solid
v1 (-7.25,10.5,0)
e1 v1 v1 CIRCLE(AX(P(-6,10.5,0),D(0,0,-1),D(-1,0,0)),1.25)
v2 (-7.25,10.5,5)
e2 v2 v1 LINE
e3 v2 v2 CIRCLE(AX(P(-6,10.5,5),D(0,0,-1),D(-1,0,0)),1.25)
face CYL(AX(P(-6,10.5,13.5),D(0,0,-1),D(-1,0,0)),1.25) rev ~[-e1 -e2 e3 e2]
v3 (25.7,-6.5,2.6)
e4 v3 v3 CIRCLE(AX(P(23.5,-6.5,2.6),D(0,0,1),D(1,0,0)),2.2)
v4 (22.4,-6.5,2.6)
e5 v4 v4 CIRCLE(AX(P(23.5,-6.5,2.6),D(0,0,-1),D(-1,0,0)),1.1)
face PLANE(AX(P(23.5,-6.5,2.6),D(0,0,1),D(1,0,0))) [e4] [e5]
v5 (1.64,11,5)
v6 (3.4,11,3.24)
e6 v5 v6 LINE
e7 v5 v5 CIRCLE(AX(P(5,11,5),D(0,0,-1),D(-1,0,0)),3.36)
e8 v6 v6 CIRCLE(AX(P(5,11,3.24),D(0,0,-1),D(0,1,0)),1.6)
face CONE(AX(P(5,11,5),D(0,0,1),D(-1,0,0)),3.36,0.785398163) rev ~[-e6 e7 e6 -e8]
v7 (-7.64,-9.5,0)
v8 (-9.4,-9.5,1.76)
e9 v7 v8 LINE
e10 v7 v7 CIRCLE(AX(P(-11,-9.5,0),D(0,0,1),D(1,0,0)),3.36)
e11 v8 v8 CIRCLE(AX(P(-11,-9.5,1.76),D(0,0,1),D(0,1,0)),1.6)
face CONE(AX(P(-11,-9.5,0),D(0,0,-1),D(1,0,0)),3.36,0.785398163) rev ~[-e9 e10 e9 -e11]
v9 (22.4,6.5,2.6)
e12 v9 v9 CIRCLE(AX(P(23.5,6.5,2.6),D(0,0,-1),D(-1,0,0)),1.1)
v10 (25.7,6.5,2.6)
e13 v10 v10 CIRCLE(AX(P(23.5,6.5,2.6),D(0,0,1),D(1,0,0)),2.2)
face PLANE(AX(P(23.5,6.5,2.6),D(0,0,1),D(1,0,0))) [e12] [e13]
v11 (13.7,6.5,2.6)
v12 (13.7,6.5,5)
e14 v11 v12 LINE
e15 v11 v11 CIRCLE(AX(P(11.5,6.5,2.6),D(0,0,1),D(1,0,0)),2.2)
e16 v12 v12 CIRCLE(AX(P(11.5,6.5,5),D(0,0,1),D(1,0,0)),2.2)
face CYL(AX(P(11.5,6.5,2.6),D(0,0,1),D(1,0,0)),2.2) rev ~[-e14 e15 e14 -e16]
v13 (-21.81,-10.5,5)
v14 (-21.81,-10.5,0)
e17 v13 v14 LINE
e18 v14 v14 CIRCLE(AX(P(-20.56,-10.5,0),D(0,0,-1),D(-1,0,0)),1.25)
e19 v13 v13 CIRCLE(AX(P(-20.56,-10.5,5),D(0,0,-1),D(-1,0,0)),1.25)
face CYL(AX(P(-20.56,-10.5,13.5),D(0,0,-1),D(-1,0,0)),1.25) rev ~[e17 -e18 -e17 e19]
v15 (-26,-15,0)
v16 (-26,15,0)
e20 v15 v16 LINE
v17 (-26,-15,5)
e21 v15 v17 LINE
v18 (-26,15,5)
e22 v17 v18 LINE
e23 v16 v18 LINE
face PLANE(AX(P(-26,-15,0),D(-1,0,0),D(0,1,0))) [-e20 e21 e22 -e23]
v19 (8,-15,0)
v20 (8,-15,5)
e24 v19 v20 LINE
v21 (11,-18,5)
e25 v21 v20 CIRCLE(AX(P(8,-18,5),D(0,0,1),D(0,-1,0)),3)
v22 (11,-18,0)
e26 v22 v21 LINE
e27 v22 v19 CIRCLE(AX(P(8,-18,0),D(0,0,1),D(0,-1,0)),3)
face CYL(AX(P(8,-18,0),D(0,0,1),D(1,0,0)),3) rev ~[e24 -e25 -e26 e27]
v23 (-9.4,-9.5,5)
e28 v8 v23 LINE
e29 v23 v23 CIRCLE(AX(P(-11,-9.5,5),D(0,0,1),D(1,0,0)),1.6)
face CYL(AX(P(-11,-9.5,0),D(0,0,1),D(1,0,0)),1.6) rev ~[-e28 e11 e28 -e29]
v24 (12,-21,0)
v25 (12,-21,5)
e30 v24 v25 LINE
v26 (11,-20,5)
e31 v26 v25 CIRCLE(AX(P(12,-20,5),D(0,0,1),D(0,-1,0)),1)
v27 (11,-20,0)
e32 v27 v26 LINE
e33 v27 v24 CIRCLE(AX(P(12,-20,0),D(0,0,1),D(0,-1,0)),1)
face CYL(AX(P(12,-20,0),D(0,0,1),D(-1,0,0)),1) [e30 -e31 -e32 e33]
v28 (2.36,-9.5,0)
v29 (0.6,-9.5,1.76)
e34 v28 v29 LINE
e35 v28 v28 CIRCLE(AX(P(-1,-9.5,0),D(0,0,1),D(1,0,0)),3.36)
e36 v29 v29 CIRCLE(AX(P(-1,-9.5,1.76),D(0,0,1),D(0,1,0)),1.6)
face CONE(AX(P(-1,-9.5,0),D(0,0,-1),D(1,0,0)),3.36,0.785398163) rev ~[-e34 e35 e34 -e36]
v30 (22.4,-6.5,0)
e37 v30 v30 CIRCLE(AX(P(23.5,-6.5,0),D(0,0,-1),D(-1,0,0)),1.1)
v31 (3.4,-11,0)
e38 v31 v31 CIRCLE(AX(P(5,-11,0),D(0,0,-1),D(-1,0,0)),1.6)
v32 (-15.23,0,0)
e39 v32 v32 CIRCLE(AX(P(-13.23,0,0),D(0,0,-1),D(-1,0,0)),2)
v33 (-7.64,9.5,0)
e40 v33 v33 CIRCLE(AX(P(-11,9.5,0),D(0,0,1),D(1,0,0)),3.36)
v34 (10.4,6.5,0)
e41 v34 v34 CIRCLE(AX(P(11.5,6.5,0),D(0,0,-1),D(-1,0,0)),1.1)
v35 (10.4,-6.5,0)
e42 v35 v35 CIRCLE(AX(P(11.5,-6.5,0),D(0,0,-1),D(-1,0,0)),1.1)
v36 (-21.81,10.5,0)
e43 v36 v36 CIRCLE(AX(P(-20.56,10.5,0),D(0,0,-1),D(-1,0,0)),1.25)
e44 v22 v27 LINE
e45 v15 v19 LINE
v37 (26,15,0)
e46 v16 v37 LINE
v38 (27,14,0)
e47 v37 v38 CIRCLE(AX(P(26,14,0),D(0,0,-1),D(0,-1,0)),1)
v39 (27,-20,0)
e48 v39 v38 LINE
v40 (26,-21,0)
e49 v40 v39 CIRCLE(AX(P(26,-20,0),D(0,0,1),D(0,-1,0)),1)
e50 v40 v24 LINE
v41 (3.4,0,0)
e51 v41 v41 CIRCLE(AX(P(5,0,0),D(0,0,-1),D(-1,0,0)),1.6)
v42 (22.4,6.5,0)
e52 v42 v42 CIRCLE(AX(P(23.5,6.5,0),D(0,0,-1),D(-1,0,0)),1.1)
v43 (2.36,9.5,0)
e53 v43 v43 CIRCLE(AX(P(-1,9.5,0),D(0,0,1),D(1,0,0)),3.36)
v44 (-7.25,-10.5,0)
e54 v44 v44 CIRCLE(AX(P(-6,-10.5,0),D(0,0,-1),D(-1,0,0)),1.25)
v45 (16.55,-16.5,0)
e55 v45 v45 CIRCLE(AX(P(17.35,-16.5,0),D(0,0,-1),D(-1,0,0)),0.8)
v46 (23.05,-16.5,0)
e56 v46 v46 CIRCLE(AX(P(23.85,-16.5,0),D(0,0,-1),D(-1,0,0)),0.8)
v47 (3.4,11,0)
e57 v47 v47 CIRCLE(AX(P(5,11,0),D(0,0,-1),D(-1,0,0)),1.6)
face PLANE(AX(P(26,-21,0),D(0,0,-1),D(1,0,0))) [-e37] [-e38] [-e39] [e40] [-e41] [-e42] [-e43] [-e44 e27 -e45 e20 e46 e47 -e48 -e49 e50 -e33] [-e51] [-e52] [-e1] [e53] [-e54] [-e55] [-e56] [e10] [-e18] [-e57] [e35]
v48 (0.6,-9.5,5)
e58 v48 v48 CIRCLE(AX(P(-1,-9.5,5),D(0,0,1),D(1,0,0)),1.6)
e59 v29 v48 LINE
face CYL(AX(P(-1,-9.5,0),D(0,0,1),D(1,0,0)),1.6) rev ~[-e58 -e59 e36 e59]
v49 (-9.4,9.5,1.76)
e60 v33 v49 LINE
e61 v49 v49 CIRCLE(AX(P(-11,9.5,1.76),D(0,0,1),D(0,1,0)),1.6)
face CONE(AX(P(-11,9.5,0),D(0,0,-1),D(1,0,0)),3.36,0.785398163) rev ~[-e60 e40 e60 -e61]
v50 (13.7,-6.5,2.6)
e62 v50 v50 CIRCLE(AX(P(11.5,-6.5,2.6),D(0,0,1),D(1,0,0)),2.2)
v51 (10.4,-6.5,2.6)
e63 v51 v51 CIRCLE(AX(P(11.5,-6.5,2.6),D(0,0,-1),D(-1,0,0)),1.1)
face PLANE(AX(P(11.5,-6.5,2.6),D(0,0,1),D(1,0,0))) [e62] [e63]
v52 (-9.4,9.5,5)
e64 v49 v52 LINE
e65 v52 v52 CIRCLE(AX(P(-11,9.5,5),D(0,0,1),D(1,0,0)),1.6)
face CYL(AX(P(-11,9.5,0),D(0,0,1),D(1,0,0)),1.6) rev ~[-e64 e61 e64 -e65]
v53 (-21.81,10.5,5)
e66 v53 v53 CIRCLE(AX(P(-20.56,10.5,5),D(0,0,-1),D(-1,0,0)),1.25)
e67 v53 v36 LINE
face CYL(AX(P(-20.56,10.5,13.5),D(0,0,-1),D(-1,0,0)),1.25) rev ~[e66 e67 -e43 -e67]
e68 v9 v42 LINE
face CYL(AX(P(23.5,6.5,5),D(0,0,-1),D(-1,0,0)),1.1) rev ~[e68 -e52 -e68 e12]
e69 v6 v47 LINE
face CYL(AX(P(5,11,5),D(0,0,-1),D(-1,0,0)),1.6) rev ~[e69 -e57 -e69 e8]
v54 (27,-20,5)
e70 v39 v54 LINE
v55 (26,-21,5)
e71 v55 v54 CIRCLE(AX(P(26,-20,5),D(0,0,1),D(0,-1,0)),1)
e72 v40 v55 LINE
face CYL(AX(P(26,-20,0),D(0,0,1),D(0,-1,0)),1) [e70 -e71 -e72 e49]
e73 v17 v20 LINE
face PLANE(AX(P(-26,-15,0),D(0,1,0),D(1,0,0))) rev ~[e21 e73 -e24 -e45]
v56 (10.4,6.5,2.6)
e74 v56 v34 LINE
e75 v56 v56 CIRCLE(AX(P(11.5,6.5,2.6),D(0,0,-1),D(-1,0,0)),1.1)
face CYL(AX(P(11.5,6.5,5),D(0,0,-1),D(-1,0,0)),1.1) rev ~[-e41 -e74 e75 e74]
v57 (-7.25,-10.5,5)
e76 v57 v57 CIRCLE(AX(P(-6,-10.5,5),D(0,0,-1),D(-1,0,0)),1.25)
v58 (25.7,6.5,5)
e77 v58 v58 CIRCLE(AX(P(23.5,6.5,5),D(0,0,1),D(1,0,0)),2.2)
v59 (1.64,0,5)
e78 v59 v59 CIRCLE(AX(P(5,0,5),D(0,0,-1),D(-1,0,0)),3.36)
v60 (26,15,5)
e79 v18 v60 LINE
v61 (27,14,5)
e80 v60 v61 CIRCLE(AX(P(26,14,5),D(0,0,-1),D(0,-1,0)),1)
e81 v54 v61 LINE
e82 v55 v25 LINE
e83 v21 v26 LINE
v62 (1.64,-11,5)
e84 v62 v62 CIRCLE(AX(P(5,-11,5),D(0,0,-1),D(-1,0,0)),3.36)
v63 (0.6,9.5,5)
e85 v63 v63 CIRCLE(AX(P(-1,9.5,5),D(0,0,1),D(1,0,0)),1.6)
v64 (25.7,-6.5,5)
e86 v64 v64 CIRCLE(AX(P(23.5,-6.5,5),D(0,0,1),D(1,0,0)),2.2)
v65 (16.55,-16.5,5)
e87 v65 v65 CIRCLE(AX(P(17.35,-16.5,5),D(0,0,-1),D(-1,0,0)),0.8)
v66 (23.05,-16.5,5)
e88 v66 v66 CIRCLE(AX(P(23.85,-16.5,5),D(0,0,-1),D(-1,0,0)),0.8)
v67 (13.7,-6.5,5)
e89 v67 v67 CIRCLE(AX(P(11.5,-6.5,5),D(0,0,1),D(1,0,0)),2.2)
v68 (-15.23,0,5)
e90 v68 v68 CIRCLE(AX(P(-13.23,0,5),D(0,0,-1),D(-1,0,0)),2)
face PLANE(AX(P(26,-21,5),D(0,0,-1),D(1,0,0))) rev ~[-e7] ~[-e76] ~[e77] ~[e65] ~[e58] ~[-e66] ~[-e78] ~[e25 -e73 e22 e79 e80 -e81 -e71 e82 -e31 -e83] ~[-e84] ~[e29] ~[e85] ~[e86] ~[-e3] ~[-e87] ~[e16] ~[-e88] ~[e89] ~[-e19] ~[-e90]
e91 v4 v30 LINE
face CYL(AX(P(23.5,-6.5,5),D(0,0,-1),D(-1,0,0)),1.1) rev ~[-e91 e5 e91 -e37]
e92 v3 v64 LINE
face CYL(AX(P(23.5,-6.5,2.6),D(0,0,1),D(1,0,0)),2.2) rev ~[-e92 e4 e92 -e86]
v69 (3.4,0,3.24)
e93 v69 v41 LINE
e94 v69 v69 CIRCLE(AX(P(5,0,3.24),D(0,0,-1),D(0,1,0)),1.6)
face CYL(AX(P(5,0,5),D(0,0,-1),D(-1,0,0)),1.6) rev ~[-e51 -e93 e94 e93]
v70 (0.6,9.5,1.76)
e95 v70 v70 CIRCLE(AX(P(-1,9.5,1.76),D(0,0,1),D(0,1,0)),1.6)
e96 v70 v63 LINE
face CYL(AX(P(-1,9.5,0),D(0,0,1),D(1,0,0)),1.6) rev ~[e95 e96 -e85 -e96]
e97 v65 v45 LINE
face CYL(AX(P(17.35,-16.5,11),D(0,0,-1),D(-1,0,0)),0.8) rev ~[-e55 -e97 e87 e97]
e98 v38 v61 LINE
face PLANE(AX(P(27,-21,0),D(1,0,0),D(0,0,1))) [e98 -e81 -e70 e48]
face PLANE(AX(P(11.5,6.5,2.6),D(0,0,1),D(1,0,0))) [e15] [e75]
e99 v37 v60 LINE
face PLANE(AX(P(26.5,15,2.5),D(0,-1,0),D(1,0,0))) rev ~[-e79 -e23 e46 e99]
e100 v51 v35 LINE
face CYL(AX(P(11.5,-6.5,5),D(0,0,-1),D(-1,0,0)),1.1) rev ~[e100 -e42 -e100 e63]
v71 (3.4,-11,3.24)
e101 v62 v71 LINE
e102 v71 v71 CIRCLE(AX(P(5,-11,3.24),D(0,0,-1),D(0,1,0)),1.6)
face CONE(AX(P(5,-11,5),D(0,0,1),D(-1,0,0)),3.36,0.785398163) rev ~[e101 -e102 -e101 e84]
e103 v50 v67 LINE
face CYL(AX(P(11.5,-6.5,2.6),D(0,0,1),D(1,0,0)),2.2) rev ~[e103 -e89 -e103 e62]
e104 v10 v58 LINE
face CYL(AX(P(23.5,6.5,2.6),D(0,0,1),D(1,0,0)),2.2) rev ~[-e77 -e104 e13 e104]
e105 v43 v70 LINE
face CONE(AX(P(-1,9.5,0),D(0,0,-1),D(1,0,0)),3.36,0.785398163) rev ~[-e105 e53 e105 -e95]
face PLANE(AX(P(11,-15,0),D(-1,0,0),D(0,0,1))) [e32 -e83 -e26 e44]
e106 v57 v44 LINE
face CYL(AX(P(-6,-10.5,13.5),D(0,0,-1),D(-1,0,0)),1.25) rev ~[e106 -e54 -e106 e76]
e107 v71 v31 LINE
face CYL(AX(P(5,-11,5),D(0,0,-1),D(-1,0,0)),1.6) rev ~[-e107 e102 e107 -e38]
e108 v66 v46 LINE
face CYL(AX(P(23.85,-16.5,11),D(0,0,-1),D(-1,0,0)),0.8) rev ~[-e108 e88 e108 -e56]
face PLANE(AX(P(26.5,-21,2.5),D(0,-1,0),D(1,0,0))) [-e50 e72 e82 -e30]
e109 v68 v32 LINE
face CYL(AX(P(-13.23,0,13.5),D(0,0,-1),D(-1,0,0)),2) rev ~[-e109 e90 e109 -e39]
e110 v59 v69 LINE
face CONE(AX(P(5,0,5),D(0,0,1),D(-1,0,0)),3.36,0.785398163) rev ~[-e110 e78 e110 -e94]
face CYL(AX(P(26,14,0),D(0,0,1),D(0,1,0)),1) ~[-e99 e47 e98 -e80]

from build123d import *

# Parameters (mm, degrees)
SCHIZZO1_W                                           = 52
SCHIZZO1_H                                           = 30
ESTRUSIONE_ESTRUSIONE1_DEPTH                         = 5
FORO_LAMATO_PER_VITE_M2_A_TESTA_CILINDRI_D           = 2.2
FORO_LAMATO_PER_VITE_M2_A_TESTA_CILINDRI_DEPTH       = 8.5
FORO_LAMATO_PER_VITE_M2_A_TESTA_CILINDRI_CBORE_D     = 4.4
FORO_LAMATO_PER_VITE_M2_A_TESTA_CILINDRI_CBORE_DEPTH = 2.4
FORO_LAMATO_PER_VITE_M2_A_TESTA_CILINDRI_TIP         = 0.660946681
FORO_SVASATO_PER_VITE_M3_1_D                         = 3.2
FORO_SVASATO_PER_VITE_M3_1_DEPTH                     = 8.5
FORO_SVASATO_PER_VITE_M3_1_CSINK_D                   = 6.72
FORO_SVASATO_PER_VITE_M3_1_CSINK_ANGLE               = 90
FORO_SVASATO_PER_VITE_M3_1_TIP                       = 0.96137699
FORO_4_0_4_1_D                                       = 4
FORO_4_0_4_1_DEPTH                                   = 8.5
FORO_4_0_4_1_TIP                                     = 1.201721238
FORO_FILETTATO_M3_1_D                                = 2.5
FORO_FILETTATO_M3_1_DEPTH                            = 8.5
FORO_FILETTATO_M3_1_TIP                              = 0.751075774
FORO_SVASATO_PER_VITE_M3_2_D                         = 3.2
FORO_SVASATO_PER_VITE_M3_2_CSINK_D                   = 6.72
FORO_SVASATO_PER_VITE_M3_2_CSINK_ANGLE               = 90
SCHIZZO11_W                                          = 15
SCHIZZO11_H                                          = 5
ESTRUSIONE_ESTRUSIONE2_DEPTH                         = 6
FORO_FILETTATO_M2_1_D                                = 1.6
FORO_FILETTATO_M2_1_DEPTH                            = 6
FORO_FILETTATO_M2_1_TIP                              = 0.480688495
SCHIZZO14_W                                          = 1
SCHIZZO14_H                                          = 5
ESTRUSIONE_ESTRUSIONE3_DEPTH                         = 36
RACCORDO1_R                                          = 1
RACCORDO2_R                                          = 3


with BuildPart() as part:
    # Schizzo1 → Estrusione-Estrusione1 (new body)
    with BuildSketch(Plane.XY):
        Rectangle(SCHIZZO1_W, SCHIZZO1_H)
    extrude(amount=ESTRUSIONE_ESTRUSIONE1_DEPTH)

    # Foro lamato per Vite M2 a testa cilindrica-1
    with Locations(Plane(origin=(11.5, 6.5, 5), x_dir=(1, 0, 0), z_dir=(0, 0, 1))):
        with Locations((0, 0), (12, 0), (0, -13), (12, -13)):
            CounterBoreHole(FORO_LAMATO_PER_VITE_M2_A_TESTA_CILINDRI_D / 2, FORO_LAMATO_PER_VITE_M2_A_TESTA_CILINDRI_CBORE_D / 2, FORO_LAMATO_PER_VITE_M2_A_TESTA_CILINDRI_CBORE_DEPTH, depth=FORO_LAMATO_PER_VITE_M2_A_TESTA_CILINDRI_DEPTH)
            with Locations((0, 0, -(FORO_LAMATO_PER_VITE_M2_A_TESTA_CILINDRI_DEPTH + FORO_LAMATO_PER_VITE_M2_A_TESTA_CILINDRI_TIP / 2))):  # 118° drill point
                Cone(0, FORO_LAMATO_PER_VITE_M2_A_TESTA_CILINDRI_D / 2, FORO_LAMATO_PER_VITE_M2_A_TESTA_CILINDRI_TIP, mode=Mode.SUBTRACT)

    # Foro svasato per Vite M3-1
    with Locations(Plane(origin=(0, 0, 0), x_dir=(-1, 0, 0), z_dir=(0, 0, -1))):
        with Locations((11, -9.5), (1, -9.5), (11, 9.5), (1, 9.5)):
            CounterSinkHole(FORO_SVASATO_PER_VITE_M3_1_D / 2, FORO_SVASATO_PER_VITE_M3_1_CSINK_D / 2, depth=FORO_SVASATO_PER_VITE_M3_1_DEPTH, counter_sink_angle=FORO_SVASATO_PER_VITE_M3_1_CSINK_ANGLE)
            with Locations((0, 0, -(FORO_SVASATO_PER_VITE_M3_1_DEPTH + FORO_SVASATO_PER_VITE_M3_1_TIP / 2))):  # 118° drill point
                Cone(0, FORO_SVASATO_PER_VITE_M3_1_D / 2, FORO_SVASATO_PER_VITE_M3_1_TIP, mode=Mode.SUBTRACT)

    # Foro Ø4.0 (4)-1
    with Locations(Plane(origin=(-13.23, 0, 5), x_dir=(1, 0, 0), z_dir=(0, 0, 1))):
        with Locations((0, 0)):
            Hole(FORO_4_0_4_1_D / 2, depth=FORO_4_0_4_1_DEPTH)
            with Locations((0, 0, -(FORO_4_0_4_1_DEPTH + FORO_4_0_4_1_TIP / 2))):  # 118° drill point
                Cone(0, FORO_4_0_4_1_D / 2, FORO_4_0_4_1_TIP, mode=Mode.SUBTRACT)

    # Foro filettato M3-1
    with Locations(Plane(origin=(-20.56, 10.5, 5), x_dir=(1, 0, 0), z_dir=(0, 0, 1))):
        with Locations((0, 0), (14.56, 0), (14.56, -21), (0, -21)):
            Hole(FORO_FILETTATO_M3_1_D / 2, depth=FORO_FILETTATO_M3_1_DEPTH)
            with Locations((0, 0, -(FORO_FILETTATO_M3_1_DEPTH + FORO_FILETTATO_M3_1_TIP / 2))):  # 118° drill point
                Cone(0, FORO_FILETTATO_M3_1_D / 2, FORO_FILETTATO_M3_1_TIP, mode=Mode.SUBTRACT)

    # Foro svasato per Vite M3-2 (through all)
    with Locations(Plane(origin=(5, 11, 5), x_dir=(1, 0, 0), z_dir=(0, 0, 1))):
        with Locations((0, 0), (0, -11), (0, -22)):
            CounterSinkHole(FORO_SVASATO_PER_VITE_M3_2_D / 2, FORO_SVASATO_PER_VITE_M3_2_CSINK_D / 2, counter_sink_angle=FORO_SVASATO_PER_VITE_M3_2_CSINK_ANGLE)

    # Schizzo11 → Estrusione-Estrusione2 (add)
    with BuildSketch(Plane.XZ.offset(15)):
        with Locations((18.5, 2.5)):
            Rectangle(SCHIZZO11_W, SCHIZZO11_H)
    extrude(amount=ESTRUSIONE_ESTRUSIONE2_DEPTH)

    # Foro filettato M2-1
    with Locations(Plane(origin=(17.35, -16.5, 5), x_dir=(1, 0, 0), z_dir=(0, 0, 1))):
        with Locations((0, 0), (6.5, 0)):
            Hole(FORO_FILETTATO_M2_1_D / 2, depth=FORO_FILETTATO_M2_1_DEPTH)
            with Locations((0, 0, -(FORO_FILETTATO_M2_1_DEPTH + FORO_FILETTATO_M2_1_TIP / 2))):  # 118° drill point
                Cone(0, FORO_FILETTATO_M2_1_D / 2, FORO_FILETTATO_M2_1_TIP, mode=Mode.SUBTRACT)

    # Schizzo14 → Estrusione-Estrusione3 (add)
    with BuildSketch(Plane.XZ.offset(21)):
        with Locations((26.5, 2.5)):
            Rectangle(SCHIZZO14_W, SCHIZZO14_H)
    extrude(amount=-ESTRUSIONE_ESTRUSIONE3_DEPTH)

    # Raccordo1
    raccordo1_edges = [part.edges().sort_by_distance(p)[0] for p in [
        (11, -21, 2.5),
        (27, -21, 2.5),
        (27, 15, 2.5),
    ]]
    fillet(raccordo1_edges, radius=RACCORDO1_R)

    # Raccordo2
    raccordo2_edges = [part.edges().sort_by_distance(p)[0] for p in [
        (11, -15, 2.5),
    ]]
    fillet(raccordo2_edges, radius=RACCORDO2_R)


solid = part.part
